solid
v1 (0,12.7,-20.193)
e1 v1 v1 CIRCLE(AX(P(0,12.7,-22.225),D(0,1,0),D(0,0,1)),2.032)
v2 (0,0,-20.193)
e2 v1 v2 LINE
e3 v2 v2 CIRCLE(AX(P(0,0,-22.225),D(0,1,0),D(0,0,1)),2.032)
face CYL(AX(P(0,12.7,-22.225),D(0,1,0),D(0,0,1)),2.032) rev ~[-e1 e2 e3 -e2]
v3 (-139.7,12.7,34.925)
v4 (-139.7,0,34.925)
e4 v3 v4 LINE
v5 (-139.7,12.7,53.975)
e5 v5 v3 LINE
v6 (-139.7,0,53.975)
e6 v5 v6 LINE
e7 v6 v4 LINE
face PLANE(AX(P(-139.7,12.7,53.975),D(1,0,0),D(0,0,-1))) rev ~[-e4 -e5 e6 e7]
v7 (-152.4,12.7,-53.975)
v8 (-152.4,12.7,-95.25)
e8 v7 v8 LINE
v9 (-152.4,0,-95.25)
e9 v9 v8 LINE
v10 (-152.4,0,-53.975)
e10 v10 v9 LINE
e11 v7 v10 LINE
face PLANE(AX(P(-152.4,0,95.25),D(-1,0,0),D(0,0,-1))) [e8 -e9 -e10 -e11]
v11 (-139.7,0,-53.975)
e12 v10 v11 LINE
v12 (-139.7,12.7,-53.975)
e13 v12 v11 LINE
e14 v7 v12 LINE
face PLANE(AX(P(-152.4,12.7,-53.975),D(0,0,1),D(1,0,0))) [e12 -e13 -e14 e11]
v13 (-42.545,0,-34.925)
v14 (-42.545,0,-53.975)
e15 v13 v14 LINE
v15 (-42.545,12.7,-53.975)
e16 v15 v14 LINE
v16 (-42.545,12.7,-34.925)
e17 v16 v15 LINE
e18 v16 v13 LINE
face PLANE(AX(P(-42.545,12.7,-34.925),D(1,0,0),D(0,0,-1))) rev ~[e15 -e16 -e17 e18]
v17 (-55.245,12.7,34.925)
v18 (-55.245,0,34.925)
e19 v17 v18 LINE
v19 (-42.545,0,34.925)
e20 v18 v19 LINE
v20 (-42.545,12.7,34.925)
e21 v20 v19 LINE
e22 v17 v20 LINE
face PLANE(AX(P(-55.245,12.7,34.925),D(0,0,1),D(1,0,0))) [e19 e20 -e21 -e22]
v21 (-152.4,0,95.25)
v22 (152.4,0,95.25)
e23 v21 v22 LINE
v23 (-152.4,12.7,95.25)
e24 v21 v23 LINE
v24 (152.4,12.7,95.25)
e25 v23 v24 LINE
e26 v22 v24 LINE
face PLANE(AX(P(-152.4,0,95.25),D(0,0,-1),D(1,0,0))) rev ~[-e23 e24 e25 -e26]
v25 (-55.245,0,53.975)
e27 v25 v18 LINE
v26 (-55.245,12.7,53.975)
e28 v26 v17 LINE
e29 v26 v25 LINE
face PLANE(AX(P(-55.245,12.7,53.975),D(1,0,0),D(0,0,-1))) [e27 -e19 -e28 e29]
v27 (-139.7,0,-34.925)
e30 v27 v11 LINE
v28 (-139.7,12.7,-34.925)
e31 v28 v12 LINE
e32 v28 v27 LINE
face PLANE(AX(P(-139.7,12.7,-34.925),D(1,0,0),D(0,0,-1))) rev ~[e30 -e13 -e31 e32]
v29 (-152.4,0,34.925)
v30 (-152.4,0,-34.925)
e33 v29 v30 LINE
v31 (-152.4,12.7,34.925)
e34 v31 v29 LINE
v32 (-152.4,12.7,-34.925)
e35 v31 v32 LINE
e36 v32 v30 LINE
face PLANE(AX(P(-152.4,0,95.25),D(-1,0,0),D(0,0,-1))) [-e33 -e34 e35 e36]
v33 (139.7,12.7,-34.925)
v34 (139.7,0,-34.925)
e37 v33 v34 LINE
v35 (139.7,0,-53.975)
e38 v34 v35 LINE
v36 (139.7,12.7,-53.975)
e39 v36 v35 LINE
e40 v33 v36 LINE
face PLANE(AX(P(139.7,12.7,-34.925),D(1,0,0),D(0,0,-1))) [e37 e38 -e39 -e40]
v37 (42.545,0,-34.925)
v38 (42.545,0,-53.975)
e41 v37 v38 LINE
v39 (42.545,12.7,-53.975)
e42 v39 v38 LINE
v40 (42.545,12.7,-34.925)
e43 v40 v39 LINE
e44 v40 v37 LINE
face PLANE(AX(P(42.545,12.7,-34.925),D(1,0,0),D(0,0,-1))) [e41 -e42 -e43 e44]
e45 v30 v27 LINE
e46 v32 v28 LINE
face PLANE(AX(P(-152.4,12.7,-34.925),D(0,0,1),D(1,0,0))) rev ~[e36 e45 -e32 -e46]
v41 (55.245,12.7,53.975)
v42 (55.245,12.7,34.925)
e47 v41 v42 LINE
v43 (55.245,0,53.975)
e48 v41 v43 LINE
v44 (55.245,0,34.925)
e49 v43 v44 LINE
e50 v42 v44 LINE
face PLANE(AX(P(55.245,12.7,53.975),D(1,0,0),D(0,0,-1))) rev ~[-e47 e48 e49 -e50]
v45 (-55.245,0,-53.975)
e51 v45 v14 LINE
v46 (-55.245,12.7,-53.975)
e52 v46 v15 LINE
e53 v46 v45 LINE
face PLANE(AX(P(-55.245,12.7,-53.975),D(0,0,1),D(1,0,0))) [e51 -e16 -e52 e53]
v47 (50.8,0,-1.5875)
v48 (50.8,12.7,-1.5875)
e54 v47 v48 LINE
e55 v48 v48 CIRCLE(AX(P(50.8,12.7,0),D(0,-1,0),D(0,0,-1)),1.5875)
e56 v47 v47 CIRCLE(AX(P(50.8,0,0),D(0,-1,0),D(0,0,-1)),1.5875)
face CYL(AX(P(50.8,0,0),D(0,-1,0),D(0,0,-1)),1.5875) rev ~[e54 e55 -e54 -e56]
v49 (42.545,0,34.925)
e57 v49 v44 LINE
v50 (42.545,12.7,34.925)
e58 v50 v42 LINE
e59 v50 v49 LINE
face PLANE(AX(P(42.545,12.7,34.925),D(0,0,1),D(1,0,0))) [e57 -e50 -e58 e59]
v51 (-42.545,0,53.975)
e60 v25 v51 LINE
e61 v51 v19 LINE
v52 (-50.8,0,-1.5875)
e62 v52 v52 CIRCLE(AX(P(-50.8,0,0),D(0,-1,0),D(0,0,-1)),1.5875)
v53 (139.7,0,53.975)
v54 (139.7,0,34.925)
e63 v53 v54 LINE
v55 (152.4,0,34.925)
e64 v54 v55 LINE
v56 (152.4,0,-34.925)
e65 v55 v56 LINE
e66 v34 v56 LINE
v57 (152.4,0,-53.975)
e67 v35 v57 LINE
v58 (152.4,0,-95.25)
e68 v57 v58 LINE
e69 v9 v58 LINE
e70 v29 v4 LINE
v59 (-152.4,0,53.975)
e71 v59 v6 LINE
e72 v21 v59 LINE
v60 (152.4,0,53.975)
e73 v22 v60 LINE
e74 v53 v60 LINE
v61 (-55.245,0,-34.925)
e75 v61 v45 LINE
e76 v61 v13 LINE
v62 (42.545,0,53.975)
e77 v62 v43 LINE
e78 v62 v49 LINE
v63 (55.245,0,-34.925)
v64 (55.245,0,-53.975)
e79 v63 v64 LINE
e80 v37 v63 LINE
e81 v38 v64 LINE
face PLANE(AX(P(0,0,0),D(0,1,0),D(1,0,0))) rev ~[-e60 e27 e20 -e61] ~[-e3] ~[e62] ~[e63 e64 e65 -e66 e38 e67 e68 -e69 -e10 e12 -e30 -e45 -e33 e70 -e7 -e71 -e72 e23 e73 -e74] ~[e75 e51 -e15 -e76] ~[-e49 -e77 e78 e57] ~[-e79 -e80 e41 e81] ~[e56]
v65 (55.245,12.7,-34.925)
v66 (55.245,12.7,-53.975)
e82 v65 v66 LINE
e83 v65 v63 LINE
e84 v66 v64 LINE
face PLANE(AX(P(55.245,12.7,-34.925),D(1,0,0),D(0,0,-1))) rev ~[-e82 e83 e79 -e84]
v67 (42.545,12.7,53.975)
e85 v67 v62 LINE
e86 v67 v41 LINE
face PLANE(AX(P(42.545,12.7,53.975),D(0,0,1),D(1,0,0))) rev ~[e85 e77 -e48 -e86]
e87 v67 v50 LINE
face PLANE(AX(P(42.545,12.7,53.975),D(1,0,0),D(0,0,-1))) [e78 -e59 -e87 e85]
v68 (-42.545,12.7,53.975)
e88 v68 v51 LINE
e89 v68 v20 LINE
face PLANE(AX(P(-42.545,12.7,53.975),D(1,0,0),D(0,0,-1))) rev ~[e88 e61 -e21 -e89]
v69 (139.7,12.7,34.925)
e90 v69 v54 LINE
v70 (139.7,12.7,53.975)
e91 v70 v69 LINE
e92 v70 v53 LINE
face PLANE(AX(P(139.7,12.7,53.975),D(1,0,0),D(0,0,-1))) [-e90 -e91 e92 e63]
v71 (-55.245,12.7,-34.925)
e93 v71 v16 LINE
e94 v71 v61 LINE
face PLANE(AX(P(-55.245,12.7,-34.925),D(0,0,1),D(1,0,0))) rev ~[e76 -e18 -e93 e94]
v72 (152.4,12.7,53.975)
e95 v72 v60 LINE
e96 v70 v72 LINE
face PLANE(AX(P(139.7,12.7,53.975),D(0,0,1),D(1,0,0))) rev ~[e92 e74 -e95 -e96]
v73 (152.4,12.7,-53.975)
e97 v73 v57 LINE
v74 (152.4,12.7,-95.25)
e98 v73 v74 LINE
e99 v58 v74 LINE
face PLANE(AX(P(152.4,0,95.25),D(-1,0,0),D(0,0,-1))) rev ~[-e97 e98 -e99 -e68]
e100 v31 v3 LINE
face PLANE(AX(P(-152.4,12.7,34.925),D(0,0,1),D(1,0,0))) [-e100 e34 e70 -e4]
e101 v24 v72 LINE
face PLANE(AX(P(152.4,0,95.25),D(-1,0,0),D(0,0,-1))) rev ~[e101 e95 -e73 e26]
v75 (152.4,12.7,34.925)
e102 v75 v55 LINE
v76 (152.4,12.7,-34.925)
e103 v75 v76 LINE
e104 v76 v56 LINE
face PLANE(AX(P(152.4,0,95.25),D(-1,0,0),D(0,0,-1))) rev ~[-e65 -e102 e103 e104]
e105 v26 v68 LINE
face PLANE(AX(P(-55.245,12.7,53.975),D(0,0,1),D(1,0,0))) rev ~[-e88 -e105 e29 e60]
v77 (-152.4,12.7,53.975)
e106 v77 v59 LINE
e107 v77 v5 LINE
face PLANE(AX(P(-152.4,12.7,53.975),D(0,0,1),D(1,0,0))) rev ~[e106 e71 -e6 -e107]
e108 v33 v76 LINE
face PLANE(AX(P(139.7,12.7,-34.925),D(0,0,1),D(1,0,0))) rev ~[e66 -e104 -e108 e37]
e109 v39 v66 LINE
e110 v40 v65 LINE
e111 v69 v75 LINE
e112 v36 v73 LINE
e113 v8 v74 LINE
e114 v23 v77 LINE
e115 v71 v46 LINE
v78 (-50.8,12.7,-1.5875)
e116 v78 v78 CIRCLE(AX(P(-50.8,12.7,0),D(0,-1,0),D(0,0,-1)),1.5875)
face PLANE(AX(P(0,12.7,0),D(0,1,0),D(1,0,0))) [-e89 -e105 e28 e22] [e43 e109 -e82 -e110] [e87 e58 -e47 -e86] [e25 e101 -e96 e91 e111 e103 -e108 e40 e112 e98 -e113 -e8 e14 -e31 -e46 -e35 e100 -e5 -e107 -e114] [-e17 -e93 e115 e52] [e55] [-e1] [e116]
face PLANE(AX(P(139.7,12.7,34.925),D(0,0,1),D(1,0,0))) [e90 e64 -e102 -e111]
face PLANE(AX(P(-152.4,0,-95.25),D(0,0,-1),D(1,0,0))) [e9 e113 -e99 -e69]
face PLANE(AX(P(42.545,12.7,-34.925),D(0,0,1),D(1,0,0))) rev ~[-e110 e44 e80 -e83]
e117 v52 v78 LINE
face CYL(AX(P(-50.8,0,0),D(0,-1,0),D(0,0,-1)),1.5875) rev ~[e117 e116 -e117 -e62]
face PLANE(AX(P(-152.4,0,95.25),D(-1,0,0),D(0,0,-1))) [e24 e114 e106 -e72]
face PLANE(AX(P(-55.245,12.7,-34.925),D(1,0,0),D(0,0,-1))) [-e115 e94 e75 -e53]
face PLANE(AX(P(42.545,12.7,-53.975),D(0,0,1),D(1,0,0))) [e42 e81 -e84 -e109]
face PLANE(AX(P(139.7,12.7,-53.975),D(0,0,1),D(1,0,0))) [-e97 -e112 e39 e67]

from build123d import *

# Parameters (mm, degrees)
SKETCH1_W          = 304.8
SKETCH1_H          = 190.5
EXTRUDE1_DEPTH     = 12.7
SKETCH2_W          = 12.7
SKETCH2_H          = 19.05
EXTRUDE2_DEPTH     = 181.165514181
SKETCH3_R          = 1.5875
CUT_EXTRUDE1_DEPTH = 181.165514181
SKETCH4_R          = 2.032
CUT_EXTRUDE2_DEPTH = 181.165514181


with BuildPart() as part:
    # Sketch1 → Extrude1 (new body)
    with BuildSketch(Plane(origin=(0, 0, 0), x_dir=(1, 0, 0), z_dir=(0, 1, 0))):
        Rectangle(SKETCH1_W, SKETCH1_H)
    extrude(amount=EXTRUDE1_DEPTH)

    # Sketch2 → Extrude2 (cut, through all)
    with BuildSketch(Plane(origin=(0, 12.7, 0), x_dir=(1, 0, 0), z_dir=(0, 1, 0))):
        with Locations((-48.895, 44.45)):
            Rectangle(SKETCH2_W, SKETCH2_H)
        with Locations((48.895, 44.45)):
            Rectangle(SKETCH2_W, SKETCH2_H)
        with Locations((-48.895, -44.45)):
            Rectangle(SKETCH2_W, SKETCH2_H)
        with Locations((48.895, -44.45)):
            Rectangle(SKETCH2_W, SKETCH2_H)
        with Locations((146.05, 44.45)):
            Rectangle(SKETCH2_W, SKETCH2_H)
        with Locations((-146.05, 44.45)):
            Rectangle(SKETCH2_W, SKETCH2_H)
        with Locations((146.05, -44.45)):
            Rectangle(SKETCH2_W, SKETCH2_H)
        with Locations((-146.05, -44.45)):
            Rectangle(SKETCH2_W, SKETCH2_H)
    extrude(amount=-EXTRUDE2_DEPTH, mode=Mode.SUBTRACT)

    # Sketch3 → Cut-Extrude1 (cut, through all)
    with BuildSketch(Plane.XZ):
        with Locations(Location((50.8, 0, 0), (0, 0, 270))):
            Circle(SKETCH3_R)
        with Locations(Location((-50.8, 0, 0), (0, 0, 270))):
            Circle(SKETCH3_R)
    extrude(amount=-CUT_EXTRUDE1_DEPTH, mode=Mode.SUBTRACT)

    # Sketch4 → Cut-Extrude2 (cut, through all)
    with BuildSketch(Plane(origin=(0, 12.7, 0), x_dir=(1, 0, 0), z_dir=(0, 1, 0))):
        with Locations(Location((0, 22.225, 0), (0, 0, 270))):
            Circle(SKETCH4_R)
    extrude(amount=-CUT_EXTRUDE2_DEPTH, mode=Mode.SUBTRACT)


solid = part.part
